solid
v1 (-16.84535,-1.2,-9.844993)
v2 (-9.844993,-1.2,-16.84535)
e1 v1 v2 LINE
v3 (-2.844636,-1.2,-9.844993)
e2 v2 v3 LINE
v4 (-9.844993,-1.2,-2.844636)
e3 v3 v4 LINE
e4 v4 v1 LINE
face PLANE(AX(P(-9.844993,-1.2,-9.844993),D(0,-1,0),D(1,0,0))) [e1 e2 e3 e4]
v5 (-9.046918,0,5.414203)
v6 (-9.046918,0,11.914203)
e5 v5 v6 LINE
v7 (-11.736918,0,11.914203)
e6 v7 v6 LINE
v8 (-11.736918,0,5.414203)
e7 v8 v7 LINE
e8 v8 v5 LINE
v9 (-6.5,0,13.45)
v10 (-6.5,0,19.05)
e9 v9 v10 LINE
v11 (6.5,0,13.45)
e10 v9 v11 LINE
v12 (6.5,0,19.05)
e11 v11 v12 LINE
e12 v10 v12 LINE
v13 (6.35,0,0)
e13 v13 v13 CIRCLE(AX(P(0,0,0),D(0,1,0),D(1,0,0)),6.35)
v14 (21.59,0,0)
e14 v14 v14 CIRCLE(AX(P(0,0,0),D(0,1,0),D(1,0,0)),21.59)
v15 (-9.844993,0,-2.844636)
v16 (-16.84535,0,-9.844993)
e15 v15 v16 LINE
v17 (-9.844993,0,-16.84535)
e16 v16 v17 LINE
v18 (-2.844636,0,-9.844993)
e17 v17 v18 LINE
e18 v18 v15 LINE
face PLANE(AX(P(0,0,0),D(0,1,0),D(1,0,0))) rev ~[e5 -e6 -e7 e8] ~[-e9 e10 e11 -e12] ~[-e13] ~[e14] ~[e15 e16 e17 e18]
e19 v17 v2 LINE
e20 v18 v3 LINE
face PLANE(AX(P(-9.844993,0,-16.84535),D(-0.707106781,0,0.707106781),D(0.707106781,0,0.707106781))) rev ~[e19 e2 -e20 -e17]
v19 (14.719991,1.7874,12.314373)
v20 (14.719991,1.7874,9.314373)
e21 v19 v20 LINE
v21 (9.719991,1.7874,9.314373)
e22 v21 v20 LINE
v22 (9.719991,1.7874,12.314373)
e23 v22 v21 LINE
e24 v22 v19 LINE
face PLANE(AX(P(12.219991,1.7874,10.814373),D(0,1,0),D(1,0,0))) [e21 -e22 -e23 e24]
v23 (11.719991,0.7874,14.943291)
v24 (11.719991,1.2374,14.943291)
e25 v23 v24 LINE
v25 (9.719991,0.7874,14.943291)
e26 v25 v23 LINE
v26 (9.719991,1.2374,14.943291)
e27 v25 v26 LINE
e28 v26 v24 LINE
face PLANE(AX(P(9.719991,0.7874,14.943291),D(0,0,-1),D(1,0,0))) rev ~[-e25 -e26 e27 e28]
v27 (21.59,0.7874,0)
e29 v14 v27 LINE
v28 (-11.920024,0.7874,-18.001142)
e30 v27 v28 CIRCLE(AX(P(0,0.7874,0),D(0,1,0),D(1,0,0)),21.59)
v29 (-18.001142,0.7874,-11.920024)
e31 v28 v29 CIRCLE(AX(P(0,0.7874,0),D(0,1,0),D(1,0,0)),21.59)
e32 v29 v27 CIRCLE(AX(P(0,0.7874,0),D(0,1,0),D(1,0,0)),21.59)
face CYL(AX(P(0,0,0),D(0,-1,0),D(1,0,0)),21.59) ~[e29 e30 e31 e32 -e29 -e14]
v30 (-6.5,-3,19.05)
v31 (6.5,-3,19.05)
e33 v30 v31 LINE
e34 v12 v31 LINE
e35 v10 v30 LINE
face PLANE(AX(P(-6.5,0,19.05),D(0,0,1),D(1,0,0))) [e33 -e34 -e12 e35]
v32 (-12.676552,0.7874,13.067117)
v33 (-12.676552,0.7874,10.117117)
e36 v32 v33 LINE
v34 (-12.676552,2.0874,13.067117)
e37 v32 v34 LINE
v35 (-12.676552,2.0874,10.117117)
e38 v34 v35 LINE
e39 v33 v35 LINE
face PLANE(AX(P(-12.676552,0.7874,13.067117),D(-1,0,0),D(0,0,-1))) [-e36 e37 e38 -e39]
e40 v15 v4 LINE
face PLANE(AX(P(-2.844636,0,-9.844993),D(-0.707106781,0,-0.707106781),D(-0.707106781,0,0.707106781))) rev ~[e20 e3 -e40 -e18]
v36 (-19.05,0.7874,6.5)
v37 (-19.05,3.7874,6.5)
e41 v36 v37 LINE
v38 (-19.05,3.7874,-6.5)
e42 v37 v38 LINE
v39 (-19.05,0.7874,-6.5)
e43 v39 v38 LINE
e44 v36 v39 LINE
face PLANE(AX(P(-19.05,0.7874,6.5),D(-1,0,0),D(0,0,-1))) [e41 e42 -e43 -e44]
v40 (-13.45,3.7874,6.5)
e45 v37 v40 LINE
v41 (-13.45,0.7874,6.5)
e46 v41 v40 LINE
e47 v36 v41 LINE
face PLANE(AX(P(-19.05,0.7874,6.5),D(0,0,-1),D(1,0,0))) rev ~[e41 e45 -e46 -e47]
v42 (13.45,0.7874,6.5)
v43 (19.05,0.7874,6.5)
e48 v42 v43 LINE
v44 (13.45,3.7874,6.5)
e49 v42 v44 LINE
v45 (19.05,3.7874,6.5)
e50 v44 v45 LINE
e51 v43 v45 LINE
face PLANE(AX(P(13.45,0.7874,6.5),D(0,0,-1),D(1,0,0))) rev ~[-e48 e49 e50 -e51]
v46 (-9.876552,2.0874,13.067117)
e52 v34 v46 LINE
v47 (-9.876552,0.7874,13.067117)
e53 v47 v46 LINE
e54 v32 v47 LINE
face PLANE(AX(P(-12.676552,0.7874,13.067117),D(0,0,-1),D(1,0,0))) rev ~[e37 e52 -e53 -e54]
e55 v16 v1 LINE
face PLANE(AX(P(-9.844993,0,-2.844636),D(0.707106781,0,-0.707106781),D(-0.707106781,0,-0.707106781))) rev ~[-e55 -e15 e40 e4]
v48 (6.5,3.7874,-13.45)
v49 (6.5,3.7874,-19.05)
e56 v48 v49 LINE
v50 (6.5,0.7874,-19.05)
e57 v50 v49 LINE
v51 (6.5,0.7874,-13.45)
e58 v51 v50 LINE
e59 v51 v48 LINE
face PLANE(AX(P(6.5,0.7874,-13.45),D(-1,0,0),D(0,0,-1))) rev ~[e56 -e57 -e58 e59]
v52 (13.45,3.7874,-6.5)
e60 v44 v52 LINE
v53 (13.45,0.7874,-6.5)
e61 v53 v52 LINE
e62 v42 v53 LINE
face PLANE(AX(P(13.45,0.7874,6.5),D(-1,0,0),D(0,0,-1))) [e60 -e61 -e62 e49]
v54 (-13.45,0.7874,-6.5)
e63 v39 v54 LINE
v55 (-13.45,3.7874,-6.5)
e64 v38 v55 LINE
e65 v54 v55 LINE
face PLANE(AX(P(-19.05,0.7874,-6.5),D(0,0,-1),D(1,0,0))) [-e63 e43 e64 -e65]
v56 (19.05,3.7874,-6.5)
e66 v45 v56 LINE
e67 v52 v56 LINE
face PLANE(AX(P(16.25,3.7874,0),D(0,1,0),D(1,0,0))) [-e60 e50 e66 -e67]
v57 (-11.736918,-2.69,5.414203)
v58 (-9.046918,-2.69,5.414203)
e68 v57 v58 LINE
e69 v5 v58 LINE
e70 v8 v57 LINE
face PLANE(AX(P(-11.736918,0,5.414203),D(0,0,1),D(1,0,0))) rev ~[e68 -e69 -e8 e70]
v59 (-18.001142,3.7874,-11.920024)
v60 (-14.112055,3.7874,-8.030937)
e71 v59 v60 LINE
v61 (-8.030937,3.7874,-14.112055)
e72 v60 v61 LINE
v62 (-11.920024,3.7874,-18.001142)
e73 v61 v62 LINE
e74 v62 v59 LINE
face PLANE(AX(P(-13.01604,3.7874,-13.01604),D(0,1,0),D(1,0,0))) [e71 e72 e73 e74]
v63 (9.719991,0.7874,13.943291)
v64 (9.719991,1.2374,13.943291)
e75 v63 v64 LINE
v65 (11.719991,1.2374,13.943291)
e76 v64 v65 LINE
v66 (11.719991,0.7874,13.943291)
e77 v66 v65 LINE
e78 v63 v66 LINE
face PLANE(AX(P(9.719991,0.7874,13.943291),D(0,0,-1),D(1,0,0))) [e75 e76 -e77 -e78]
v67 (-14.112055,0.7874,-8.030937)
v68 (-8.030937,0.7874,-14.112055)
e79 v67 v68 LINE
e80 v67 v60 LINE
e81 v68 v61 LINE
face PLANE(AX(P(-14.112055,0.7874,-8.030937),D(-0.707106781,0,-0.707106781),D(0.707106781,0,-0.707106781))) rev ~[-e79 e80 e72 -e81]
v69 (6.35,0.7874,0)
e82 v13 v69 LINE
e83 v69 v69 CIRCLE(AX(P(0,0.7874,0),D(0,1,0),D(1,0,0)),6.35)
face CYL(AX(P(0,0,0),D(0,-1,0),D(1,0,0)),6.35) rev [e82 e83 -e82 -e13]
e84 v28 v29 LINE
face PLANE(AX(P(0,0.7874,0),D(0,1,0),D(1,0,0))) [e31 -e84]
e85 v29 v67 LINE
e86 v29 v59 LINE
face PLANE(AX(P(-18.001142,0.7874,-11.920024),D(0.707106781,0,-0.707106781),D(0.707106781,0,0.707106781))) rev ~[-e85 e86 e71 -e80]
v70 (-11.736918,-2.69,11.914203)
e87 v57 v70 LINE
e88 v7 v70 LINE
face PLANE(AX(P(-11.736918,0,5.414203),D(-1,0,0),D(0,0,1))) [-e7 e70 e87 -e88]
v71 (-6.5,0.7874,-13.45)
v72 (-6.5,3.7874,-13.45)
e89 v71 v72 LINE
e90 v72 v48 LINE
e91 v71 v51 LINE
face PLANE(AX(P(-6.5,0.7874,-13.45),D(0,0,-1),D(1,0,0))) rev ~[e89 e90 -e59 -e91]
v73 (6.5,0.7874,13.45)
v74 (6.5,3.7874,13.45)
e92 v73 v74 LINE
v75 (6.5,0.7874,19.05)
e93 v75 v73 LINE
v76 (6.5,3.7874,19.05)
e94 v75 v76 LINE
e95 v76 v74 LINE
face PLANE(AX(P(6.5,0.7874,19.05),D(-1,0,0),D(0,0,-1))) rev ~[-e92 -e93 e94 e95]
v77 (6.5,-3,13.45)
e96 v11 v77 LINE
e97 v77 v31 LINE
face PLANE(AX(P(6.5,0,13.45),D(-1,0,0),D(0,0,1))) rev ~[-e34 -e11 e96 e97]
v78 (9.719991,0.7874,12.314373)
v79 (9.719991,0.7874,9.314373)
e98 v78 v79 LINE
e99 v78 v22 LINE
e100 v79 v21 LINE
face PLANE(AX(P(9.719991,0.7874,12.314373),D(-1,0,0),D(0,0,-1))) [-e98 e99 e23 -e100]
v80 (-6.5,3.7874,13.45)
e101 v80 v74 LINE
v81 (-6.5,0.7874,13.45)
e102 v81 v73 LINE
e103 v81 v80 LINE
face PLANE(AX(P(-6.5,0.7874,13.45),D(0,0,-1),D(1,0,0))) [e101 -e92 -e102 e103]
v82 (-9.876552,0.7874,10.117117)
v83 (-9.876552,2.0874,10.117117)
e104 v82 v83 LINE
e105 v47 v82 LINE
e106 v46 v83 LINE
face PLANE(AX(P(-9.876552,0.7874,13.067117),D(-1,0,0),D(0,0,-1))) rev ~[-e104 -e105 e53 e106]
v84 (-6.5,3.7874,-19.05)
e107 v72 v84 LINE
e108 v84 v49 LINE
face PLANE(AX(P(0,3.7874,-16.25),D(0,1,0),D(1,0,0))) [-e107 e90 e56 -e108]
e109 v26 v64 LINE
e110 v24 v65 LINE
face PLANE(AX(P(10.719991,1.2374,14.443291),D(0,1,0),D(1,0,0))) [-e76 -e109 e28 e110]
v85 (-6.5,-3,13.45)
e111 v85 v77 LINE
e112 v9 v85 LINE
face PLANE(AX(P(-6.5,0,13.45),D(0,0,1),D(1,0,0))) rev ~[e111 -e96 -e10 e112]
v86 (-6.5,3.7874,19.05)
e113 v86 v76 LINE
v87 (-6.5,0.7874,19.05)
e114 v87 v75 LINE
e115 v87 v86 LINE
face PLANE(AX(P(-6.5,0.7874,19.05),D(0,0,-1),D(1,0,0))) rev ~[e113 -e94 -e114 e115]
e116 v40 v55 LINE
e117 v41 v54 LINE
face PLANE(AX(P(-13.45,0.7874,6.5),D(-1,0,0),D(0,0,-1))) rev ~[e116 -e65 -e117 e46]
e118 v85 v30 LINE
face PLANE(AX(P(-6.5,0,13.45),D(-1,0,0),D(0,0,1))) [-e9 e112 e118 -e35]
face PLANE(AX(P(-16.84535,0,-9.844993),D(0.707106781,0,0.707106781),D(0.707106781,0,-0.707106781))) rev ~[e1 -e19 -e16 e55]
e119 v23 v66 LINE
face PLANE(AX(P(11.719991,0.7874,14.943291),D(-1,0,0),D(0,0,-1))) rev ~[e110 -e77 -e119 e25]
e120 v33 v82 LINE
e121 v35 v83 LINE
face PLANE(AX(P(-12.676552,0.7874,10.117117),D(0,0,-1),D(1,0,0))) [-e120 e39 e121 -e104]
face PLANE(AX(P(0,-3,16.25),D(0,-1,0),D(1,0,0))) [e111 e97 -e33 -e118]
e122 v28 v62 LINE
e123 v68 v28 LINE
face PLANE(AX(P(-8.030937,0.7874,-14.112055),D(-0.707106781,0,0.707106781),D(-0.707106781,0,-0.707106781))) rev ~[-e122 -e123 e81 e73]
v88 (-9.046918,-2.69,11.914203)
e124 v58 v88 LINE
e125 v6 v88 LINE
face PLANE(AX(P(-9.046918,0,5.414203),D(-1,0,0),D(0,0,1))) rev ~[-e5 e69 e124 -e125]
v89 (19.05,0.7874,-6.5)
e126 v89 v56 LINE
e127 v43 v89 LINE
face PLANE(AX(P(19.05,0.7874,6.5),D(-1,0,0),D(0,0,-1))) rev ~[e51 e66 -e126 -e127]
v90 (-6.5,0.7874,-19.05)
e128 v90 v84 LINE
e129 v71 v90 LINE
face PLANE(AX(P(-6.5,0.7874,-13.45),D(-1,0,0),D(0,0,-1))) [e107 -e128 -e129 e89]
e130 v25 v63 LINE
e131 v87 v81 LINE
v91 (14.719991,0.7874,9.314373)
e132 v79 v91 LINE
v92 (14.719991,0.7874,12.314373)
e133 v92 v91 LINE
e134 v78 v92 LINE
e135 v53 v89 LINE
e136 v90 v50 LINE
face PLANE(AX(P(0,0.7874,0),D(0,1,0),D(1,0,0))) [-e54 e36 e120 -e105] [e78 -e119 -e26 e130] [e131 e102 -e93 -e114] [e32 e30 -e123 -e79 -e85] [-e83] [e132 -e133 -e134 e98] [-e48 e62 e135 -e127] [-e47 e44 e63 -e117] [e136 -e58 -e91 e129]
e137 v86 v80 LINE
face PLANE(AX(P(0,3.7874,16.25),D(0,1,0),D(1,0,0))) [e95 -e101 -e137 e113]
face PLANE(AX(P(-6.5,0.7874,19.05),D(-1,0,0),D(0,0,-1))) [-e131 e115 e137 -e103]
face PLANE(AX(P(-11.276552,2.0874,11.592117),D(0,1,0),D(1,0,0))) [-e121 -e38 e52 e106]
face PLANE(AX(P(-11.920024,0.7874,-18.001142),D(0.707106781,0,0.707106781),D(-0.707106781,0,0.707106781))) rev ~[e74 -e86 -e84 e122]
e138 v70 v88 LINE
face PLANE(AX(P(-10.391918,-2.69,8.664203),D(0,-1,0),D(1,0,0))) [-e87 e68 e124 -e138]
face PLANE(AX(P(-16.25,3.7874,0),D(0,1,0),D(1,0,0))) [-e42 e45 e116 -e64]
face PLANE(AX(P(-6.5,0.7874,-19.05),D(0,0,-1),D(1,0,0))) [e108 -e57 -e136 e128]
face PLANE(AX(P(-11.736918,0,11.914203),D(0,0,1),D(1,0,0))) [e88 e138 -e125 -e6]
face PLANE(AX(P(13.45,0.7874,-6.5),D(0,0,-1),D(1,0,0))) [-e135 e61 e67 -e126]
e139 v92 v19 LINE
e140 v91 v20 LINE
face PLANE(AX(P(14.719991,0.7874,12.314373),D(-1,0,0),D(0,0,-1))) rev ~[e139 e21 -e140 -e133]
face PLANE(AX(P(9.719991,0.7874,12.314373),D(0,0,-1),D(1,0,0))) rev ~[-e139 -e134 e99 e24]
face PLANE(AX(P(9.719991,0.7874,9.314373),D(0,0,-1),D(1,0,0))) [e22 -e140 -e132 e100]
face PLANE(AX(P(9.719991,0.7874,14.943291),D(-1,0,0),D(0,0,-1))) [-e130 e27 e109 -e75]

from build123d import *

# Parameters (mm, degrees)
SKETCH1_R                         = 21.59
SKETCH1_R_2                       = 6.35
BOSS_EXTRUDE1_DEPTH               = 0.7874
SKETCH2_W                         = 5.6
SKETCH2_H                         = 13
SKETCH2_W_2                       = 13
SKETCH2_H_2                       = 5.6
FACE_BOARD_CONNECTORS_DEPTH       = 3
SKETCH3_W                         = 13
SKETCH3_H                         = 5.6
BOTTOM_FACE_BOARD_CONNECTOR_DEPTH = 3
PROGRAMMING_CONNECTOR_DEPTH       = 3
SKETCH5_W                         = 2.8
SKETCH5_H                         = 2.95
I2C_TRANSLATOR_DEPTH              = 1.3
SKETCH6_W                         = 5
SKETCH6_H                         = 3
ACCELEROMETER_DEPTH               = 1
SKETCH7_W                         = 2
SKETCH7_H                         = 1
BOSS_EXTRUDE7_DEPTH               = 0.45
BOSS_EXTRUDE8_DEPTH               = 1.2
SKETCH9_W                         = 2.69
SKETCH9_H                         = 6.5
BOSS_EXTRUDE9_DEPTH               = 2.69


with BuildPart() as part:
    # Sketch1 → Boss-Extrude1 (new body)
    with BuildSketch(Plane(origin=(0, 0, 0), x_dir=(1, 0, 0), z_dir=(0, 1, 0))):
        Circle(SKETCH1_R)
        Circle(SKETCH1_R_2, mode=Mode.SUBTRACT)
    extrude(amount=BOSS_EXTRUDE1_DEPTH)

    # Sketch2 → Face Board Connectors (add)
    with BuildSketch(Plane(origin=(0, 0.7874, 0), x_dir=(1, 0, 0), z_dir=(0, 1, 0))):
        with Locations((-16.25, 0)):
            Rectangle(SKETCH2_W, SKETCH2_H)
        with Locations((0, 16.25)):
            Rectangle(SKETCH2_W_2, SKETCH2_H_2)
        with Locations((0, -16.25)):
            Rectangle(SKETCH2_W_2, SKETCH2_H_2)
        with Locations((16.25, 0)):
            Rectangle(SKETCH2_W, SKETCH2_H)
    extrude(amount=FACE_BOARD_CONNECTORS_DEPTH)

    # Sketch3 → Bottom Face Board Connector (add)
    with BuildSketch(Plane.XZ):
        with Locations((0, 16.25)):
            Rectangle(SKETCH3_W, SKETCH3_H)
    extrude(amount=BOTTOM_FACE_BOARD_CONNECTOR_DEPTH)

    # Sketch4 → Programming Connector (add)
    with BuildSketch(Plane(origin=(0, 0.7874, 0), x_dir=(1, 0, 0), z_dir=(0, 1, 0))):
        Polygon((-18.00114237, 11.920024051), (-14.112055073, 8.030936755), (-8.030936755, 14.112055073), (-11.920024051, 18.00114237), align=None)
    extrude(amount=PROGRAMMING_CONNECTOR_DEPTH)

    # Sketch5 → I2C Translator (add)
    with BuildSketch(Plane(origin=(0, 0.7874, 0), x_dir=(1, 0, 0), z_dir=(0, 1, 0))):
        with Locations((-11.276551559, -11.592117418)):
            Rectangle(SKETCH5_W, SKETCH5_H)
    extrude(amount=I2C_TRANSLATOR_DEPTH)

    # Sketch6 → Accelerometer (add)
    with BuildSketch(Plane(origin=(0, 0.7874, 0), x_dir=(1, 0, 0), z_dir=(0, 1, 0))):
        with Locations((12.21999094, -10.814372721)):
            Rectangle(SKETCH6_W, SKETCH6_H)
    extrude(amount=ACCELEROMETER_DEPTH)

    # Sketch7 → Boss-Extrude7 (add)
    with BuildSketch(Plane(origin=(0, 0.7874, 0), x_dir=(1, 0, 0), z_dir=(0, 1, 0))):
        with Locations((10.71999094, -14.443290742)):
            Rectangle(SKETCH7_W, SKETCH7_H)
    extrude(amount=BOSS_EXTRUDE7_DEPTH)

    # Sketch8 → Boss-Extrude8 (add)
    with BuildSketch(Plane.XZ):
        Polygon((-9.844993145, -16.845350279), (-2.844636011, -9.844993145), (-9.844993145, -2.844636011), (-16.845350279, -9.844993145), align=None)
    extrude(amount=BOSS_EXTRUDE8_DEPTH)

    # Sketch9 → Boss-Extrude9 (add)
    with BuildSketch(Plane.XZ):
        with Locations((-10.391917908, 8.664203432)):
            Rectangle(SKETCH9_W, SKETCH9_H)
    extrude(amount=BOSS_EXTRUDE9_DEPTH)


solid = part.part
